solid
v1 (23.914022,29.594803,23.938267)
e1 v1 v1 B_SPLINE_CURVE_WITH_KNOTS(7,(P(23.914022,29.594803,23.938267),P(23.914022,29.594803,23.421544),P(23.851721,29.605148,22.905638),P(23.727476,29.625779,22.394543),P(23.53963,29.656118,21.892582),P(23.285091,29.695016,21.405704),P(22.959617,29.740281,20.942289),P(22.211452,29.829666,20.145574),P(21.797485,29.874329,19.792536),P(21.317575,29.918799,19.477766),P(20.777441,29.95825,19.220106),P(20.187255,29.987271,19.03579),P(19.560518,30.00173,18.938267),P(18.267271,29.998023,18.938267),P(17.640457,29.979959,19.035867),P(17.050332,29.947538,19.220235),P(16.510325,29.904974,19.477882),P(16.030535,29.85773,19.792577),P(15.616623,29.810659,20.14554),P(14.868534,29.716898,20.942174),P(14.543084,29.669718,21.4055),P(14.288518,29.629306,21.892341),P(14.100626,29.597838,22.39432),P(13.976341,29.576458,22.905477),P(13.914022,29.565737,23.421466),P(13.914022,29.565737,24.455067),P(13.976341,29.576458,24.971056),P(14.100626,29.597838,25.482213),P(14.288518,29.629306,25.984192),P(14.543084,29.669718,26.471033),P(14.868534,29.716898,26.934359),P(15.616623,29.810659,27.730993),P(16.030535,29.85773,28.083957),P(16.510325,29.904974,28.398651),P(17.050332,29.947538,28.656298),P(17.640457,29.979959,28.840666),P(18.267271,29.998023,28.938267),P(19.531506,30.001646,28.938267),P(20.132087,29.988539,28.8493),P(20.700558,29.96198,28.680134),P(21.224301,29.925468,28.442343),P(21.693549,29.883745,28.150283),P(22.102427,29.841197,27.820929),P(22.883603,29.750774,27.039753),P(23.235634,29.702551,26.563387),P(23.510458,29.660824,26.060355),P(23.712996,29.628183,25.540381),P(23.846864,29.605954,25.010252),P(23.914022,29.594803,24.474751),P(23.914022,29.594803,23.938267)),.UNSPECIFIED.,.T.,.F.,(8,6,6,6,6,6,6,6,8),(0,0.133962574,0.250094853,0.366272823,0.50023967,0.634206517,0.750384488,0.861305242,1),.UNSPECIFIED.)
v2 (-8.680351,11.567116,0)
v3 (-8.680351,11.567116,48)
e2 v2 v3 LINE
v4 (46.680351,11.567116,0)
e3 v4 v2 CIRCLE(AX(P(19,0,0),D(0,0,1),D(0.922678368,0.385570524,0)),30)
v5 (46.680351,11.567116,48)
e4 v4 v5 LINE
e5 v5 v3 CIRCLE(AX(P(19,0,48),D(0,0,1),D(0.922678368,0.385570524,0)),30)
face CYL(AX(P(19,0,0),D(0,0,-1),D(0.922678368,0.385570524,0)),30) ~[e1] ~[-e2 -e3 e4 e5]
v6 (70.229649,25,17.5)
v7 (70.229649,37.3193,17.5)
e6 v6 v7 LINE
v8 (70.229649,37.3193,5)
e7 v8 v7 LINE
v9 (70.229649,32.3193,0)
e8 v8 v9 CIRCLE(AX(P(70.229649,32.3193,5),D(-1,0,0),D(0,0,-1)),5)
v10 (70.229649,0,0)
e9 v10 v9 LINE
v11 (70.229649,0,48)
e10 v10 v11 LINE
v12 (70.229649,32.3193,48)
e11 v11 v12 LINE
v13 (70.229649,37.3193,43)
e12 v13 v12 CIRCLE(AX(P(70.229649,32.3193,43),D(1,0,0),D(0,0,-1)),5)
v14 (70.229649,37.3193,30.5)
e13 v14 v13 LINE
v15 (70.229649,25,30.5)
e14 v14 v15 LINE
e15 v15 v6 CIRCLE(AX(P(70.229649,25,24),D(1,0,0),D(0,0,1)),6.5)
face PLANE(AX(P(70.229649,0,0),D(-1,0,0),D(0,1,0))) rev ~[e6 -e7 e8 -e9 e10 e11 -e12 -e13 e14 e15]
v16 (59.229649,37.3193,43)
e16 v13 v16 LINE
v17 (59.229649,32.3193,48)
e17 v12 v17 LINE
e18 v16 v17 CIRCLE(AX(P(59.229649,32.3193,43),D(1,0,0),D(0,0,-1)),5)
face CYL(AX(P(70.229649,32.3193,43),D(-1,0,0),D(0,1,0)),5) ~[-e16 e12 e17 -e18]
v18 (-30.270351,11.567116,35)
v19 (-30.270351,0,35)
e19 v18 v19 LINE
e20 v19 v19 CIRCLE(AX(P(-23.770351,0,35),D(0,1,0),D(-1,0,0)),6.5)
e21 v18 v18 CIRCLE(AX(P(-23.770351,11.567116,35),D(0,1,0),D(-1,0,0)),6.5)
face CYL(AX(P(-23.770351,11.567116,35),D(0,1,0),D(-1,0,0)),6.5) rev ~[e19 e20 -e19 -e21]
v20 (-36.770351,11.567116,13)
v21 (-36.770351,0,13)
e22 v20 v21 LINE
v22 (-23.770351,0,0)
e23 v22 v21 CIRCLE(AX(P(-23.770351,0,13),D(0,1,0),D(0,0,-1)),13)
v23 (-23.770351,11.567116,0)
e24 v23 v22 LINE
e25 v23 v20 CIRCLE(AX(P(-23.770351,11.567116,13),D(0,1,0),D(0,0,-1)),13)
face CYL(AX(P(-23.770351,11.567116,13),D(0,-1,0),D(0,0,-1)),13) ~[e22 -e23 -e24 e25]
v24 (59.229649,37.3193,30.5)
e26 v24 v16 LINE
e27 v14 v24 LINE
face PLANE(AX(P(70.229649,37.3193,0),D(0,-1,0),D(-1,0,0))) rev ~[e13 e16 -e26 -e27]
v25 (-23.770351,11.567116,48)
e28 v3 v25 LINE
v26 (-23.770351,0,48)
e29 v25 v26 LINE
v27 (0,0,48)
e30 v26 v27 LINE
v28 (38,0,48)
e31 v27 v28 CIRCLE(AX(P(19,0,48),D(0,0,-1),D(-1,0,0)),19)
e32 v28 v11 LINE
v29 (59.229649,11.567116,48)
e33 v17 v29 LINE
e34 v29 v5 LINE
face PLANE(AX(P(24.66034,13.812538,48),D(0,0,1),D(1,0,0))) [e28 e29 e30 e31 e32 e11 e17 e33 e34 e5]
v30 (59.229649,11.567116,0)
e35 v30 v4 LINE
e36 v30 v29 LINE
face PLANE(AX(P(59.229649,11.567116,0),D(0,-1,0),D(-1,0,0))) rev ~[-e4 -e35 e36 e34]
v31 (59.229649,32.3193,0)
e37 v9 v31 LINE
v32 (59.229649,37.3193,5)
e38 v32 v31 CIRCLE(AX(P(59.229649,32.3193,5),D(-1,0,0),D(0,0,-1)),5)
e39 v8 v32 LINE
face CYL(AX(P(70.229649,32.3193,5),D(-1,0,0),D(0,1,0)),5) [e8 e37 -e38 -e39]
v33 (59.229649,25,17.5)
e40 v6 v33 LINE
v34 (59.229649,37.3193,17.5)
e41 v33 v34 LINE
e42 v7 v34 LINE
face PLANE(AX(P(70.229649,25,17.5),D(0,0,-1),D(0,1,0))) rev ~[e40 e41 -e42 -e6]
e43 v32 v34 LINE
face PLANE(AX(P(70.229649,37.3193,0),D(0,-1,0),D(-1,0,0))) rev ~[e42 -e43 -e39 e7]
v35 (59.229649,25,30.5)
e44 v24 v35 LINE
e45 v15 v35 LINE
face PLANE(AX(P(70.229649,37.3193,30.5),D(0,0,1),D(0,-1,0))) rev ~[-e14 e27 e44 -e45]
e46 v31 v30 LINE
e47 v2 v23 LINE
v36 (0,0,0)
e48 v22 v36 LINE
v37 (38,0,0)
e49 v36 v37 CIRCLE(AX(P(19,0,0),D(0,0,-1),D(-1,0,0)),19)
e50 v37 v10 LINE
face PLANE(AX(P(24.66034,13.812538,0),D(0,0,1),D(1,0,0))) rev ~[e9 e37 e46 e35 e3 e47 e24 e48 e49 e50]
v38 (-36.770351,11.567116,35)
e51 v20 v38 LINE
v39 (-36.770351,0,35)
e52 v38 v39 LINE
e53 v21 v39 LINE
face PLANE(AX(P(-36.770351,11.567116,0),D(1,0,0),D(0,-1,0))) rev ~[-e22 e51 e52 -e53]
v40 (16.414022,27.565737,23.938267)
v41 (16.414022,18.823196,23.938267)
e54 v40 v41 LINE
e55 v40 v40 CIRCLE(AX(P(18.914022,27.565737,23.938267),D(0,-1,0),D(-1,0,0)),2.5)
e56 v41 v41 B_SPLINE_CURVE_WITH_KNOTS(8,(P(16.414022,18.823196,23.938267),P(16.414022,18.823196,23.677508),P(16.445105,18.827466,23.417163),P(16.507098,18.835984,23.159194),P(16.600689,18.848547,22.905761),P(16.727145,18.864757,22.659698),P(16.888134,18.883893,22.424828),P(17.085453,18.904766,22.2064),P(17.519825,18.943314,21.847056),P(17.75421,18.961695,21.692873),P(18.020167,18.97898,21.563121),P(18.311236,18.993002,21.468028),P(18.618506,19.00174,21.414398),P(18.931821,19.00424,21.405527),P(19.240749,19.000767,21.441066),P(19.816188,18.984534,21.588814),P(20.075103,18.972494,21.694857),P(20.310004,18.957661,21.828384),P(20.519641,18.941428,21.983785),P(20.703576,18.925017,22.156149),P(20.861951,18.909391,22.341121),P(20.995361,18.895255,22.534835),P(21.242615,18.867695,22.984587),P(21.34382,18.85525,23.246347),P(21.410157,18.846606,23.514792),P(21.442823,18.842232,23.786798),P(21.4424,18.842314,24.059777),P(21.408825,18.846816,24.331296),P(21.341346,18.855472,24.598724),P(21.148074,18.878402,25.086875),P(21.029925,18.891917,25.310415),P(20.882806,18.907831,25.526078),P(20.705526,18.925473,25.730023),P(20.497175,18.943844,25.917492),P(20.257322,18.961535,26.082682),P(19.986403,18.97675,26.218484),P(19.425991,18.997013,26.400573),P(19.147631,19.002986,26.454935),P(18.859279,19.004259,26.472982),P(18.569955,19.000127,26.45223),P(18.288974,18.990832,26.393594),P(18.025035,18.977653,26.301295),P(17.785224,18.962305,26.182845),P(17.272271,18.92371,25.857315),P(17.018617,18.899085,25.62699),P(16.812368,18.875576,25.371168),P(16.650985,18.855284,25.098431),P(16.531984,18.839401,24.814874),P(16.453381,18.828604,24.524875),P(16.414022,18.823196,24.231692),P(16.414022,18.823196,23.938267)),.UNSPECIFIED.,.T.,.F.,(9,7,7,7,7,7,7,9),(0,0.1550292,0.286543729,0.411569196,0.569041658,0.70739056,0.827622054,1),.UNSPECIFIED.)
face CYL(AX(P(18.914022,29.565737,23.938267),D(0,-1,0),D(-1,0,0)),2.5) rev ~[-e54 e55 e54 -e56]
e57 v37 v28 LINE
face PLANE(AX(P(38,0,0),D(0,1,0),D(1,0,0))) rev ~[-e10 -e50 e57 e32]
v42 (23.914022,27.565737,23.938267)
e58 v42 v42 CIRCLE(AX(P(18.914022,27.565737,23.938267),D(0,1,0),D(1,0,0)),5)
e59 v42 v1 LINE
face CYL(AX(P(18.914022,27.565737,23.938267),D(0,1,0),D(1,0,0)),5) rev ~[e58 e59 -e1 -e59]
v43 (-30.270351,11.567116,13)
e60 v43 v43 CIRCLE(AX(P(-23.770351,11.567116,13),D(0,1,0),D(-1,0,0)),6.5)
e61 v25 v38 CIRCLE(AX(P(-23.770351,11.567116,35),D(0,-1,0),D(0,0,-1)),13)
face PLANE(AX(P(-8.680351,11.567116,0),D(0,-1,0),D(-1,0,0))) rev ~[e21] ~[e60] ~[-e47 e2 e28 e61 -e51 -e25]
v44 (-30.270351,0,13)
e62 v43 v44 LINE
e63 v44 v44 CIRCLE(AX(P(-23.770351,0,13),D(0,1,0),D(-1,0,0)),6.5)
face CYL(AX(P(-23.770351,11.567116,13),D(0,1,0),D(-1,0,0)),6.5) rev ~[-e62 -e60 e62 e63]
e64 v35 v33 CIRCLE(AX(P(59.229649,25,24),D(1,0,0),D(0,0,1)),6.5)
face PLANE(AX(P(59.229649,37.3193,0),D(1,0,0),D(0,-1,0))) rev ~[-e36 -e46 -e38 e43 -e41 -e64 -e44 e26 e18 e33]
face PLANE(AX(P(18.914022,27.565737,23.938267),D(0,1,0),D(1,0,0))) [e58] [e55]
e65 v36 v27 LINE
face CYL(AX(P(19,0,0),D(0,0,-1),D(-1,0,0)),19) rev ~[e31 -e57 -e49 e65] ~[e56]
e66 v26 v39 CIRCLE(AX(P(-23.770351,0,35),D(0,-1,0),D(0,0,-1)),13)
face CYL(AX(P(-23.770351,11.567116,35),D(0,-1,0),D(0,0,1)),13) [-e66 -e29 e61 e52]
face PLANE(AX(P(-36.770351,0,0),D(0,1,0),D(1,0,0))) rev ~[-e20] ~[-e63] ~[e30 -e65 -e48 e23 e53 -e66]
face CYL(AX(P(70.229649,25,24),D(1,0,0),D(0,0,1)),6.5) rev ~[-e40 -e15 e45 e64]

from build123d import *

# Parameters (mm, degrees)
F1_DEPTH        = 48
F2_R            = 5
F4_DEPTH        = 11
F5_R            = 13
F6_R            = 6.5
F7_DEPTH        = 25
F10_D           = 5
F10_START       = 0.4342628
F10_CBORE_D     = 10
F10_CBORE_DEPTH = 2


with BuildPart() as f1:
    # F0 (on Top) → F1 (new body)
    with BuildSketch(Plane.XY):
        with BuildLine():
            Line((-8.6803510502, 11.5671157052), (-36.7703510502, 11.5671157052))
            Line((-36.7703510502, 11.5671157052), (-36.7703510502, 0))
            Line((-36.7703510502, 0), (0, 0))
            ThreePointArc((0, 0), (19, 19), (38, 0))
            Line((38, 0), (70.2296489498, 0))
            Line((70.2296489498, 0), (70.2296489498, 37.3193000675))
            Line((70.2296489498, 37.3193000675), (59.2296489498, 37.3193000675))
            Line((59.2296489498, 37.3193000675), (59.2296489498, 11.5671157052))
            Line((59.2296489498, 11.5671157052), (46.6803510502, 11.5671157052))
            ThreePointArc((46.6803510502, 11.5671157052), (19, 30), (-8.6803510502, 11.5671157052))
        make_face()
    extrude(amount=F1_DEPTH)

    # F2
    f2_edges = [f1.edges().sort_by_distance(p)[0] for p in [
        (64.729649, 37.3193, 48),
        (64.729649, 37.3193, 0),
    ]]
    fillet(f2_edges, radius=F2_R)

    # F3 (on face) → F4 (cut)
    with BuildSketch(Plane.YZ.offset(70.2296489498)):
        with BuildLine():
            Line((37.3193000675, 17.5), (37.3193000675, 30.5))
            Line((37.3193000675, 30.5), (25, 30.5))
            ThreePointArc((25, 30.5), (18.5, 24), (25, 17.5))
            Line((25, 17.5), (37.3193000675, 17.5))
        make_face()
    extrude(amount=-F4_DEPTH, mode=Mode.SUBTRACT)

    # F5
    f5_edges = [f1.edges().sort_by_distance(p)[0] for p in [
        (-36.770351, 5.783558, 48),
        (-36.770351, 5.783558, 0),
    ]]
    fillet(f5_edges, radius=F5_R)

    # F6 (on face) → F7 (cut)
    with BuildSketch(Plane(origin=(0, 11.5671157052, 0), x_dir=(-1, 0, 0), z_dir=(0, 1, 0))):
        with Locations((23.7703510502, 13)):
            Circle(F6_R)
        with Locations((23.7703510502, 35)):
            Circle(F6_R)
    extrude(amount=-F7_DEPTH, mode=Mode.SUBTRACT)

    # F10 (through all)
    # its depths count from where the whole tool has entered the part; down to there all is cleared
    with Locations(Plane(origin=(0, 30, 0), x_dir=(1, 0, 0), z_dir=(0, 1, 0)).offset(-F10_START)):
        with Locations((18.9140215516, -23.9382665604)):
            CounterBoreHole(F10_D / 2, F10_CBORE_D / 2, F10_CBORE_DEPTH)


solid = f1.part
